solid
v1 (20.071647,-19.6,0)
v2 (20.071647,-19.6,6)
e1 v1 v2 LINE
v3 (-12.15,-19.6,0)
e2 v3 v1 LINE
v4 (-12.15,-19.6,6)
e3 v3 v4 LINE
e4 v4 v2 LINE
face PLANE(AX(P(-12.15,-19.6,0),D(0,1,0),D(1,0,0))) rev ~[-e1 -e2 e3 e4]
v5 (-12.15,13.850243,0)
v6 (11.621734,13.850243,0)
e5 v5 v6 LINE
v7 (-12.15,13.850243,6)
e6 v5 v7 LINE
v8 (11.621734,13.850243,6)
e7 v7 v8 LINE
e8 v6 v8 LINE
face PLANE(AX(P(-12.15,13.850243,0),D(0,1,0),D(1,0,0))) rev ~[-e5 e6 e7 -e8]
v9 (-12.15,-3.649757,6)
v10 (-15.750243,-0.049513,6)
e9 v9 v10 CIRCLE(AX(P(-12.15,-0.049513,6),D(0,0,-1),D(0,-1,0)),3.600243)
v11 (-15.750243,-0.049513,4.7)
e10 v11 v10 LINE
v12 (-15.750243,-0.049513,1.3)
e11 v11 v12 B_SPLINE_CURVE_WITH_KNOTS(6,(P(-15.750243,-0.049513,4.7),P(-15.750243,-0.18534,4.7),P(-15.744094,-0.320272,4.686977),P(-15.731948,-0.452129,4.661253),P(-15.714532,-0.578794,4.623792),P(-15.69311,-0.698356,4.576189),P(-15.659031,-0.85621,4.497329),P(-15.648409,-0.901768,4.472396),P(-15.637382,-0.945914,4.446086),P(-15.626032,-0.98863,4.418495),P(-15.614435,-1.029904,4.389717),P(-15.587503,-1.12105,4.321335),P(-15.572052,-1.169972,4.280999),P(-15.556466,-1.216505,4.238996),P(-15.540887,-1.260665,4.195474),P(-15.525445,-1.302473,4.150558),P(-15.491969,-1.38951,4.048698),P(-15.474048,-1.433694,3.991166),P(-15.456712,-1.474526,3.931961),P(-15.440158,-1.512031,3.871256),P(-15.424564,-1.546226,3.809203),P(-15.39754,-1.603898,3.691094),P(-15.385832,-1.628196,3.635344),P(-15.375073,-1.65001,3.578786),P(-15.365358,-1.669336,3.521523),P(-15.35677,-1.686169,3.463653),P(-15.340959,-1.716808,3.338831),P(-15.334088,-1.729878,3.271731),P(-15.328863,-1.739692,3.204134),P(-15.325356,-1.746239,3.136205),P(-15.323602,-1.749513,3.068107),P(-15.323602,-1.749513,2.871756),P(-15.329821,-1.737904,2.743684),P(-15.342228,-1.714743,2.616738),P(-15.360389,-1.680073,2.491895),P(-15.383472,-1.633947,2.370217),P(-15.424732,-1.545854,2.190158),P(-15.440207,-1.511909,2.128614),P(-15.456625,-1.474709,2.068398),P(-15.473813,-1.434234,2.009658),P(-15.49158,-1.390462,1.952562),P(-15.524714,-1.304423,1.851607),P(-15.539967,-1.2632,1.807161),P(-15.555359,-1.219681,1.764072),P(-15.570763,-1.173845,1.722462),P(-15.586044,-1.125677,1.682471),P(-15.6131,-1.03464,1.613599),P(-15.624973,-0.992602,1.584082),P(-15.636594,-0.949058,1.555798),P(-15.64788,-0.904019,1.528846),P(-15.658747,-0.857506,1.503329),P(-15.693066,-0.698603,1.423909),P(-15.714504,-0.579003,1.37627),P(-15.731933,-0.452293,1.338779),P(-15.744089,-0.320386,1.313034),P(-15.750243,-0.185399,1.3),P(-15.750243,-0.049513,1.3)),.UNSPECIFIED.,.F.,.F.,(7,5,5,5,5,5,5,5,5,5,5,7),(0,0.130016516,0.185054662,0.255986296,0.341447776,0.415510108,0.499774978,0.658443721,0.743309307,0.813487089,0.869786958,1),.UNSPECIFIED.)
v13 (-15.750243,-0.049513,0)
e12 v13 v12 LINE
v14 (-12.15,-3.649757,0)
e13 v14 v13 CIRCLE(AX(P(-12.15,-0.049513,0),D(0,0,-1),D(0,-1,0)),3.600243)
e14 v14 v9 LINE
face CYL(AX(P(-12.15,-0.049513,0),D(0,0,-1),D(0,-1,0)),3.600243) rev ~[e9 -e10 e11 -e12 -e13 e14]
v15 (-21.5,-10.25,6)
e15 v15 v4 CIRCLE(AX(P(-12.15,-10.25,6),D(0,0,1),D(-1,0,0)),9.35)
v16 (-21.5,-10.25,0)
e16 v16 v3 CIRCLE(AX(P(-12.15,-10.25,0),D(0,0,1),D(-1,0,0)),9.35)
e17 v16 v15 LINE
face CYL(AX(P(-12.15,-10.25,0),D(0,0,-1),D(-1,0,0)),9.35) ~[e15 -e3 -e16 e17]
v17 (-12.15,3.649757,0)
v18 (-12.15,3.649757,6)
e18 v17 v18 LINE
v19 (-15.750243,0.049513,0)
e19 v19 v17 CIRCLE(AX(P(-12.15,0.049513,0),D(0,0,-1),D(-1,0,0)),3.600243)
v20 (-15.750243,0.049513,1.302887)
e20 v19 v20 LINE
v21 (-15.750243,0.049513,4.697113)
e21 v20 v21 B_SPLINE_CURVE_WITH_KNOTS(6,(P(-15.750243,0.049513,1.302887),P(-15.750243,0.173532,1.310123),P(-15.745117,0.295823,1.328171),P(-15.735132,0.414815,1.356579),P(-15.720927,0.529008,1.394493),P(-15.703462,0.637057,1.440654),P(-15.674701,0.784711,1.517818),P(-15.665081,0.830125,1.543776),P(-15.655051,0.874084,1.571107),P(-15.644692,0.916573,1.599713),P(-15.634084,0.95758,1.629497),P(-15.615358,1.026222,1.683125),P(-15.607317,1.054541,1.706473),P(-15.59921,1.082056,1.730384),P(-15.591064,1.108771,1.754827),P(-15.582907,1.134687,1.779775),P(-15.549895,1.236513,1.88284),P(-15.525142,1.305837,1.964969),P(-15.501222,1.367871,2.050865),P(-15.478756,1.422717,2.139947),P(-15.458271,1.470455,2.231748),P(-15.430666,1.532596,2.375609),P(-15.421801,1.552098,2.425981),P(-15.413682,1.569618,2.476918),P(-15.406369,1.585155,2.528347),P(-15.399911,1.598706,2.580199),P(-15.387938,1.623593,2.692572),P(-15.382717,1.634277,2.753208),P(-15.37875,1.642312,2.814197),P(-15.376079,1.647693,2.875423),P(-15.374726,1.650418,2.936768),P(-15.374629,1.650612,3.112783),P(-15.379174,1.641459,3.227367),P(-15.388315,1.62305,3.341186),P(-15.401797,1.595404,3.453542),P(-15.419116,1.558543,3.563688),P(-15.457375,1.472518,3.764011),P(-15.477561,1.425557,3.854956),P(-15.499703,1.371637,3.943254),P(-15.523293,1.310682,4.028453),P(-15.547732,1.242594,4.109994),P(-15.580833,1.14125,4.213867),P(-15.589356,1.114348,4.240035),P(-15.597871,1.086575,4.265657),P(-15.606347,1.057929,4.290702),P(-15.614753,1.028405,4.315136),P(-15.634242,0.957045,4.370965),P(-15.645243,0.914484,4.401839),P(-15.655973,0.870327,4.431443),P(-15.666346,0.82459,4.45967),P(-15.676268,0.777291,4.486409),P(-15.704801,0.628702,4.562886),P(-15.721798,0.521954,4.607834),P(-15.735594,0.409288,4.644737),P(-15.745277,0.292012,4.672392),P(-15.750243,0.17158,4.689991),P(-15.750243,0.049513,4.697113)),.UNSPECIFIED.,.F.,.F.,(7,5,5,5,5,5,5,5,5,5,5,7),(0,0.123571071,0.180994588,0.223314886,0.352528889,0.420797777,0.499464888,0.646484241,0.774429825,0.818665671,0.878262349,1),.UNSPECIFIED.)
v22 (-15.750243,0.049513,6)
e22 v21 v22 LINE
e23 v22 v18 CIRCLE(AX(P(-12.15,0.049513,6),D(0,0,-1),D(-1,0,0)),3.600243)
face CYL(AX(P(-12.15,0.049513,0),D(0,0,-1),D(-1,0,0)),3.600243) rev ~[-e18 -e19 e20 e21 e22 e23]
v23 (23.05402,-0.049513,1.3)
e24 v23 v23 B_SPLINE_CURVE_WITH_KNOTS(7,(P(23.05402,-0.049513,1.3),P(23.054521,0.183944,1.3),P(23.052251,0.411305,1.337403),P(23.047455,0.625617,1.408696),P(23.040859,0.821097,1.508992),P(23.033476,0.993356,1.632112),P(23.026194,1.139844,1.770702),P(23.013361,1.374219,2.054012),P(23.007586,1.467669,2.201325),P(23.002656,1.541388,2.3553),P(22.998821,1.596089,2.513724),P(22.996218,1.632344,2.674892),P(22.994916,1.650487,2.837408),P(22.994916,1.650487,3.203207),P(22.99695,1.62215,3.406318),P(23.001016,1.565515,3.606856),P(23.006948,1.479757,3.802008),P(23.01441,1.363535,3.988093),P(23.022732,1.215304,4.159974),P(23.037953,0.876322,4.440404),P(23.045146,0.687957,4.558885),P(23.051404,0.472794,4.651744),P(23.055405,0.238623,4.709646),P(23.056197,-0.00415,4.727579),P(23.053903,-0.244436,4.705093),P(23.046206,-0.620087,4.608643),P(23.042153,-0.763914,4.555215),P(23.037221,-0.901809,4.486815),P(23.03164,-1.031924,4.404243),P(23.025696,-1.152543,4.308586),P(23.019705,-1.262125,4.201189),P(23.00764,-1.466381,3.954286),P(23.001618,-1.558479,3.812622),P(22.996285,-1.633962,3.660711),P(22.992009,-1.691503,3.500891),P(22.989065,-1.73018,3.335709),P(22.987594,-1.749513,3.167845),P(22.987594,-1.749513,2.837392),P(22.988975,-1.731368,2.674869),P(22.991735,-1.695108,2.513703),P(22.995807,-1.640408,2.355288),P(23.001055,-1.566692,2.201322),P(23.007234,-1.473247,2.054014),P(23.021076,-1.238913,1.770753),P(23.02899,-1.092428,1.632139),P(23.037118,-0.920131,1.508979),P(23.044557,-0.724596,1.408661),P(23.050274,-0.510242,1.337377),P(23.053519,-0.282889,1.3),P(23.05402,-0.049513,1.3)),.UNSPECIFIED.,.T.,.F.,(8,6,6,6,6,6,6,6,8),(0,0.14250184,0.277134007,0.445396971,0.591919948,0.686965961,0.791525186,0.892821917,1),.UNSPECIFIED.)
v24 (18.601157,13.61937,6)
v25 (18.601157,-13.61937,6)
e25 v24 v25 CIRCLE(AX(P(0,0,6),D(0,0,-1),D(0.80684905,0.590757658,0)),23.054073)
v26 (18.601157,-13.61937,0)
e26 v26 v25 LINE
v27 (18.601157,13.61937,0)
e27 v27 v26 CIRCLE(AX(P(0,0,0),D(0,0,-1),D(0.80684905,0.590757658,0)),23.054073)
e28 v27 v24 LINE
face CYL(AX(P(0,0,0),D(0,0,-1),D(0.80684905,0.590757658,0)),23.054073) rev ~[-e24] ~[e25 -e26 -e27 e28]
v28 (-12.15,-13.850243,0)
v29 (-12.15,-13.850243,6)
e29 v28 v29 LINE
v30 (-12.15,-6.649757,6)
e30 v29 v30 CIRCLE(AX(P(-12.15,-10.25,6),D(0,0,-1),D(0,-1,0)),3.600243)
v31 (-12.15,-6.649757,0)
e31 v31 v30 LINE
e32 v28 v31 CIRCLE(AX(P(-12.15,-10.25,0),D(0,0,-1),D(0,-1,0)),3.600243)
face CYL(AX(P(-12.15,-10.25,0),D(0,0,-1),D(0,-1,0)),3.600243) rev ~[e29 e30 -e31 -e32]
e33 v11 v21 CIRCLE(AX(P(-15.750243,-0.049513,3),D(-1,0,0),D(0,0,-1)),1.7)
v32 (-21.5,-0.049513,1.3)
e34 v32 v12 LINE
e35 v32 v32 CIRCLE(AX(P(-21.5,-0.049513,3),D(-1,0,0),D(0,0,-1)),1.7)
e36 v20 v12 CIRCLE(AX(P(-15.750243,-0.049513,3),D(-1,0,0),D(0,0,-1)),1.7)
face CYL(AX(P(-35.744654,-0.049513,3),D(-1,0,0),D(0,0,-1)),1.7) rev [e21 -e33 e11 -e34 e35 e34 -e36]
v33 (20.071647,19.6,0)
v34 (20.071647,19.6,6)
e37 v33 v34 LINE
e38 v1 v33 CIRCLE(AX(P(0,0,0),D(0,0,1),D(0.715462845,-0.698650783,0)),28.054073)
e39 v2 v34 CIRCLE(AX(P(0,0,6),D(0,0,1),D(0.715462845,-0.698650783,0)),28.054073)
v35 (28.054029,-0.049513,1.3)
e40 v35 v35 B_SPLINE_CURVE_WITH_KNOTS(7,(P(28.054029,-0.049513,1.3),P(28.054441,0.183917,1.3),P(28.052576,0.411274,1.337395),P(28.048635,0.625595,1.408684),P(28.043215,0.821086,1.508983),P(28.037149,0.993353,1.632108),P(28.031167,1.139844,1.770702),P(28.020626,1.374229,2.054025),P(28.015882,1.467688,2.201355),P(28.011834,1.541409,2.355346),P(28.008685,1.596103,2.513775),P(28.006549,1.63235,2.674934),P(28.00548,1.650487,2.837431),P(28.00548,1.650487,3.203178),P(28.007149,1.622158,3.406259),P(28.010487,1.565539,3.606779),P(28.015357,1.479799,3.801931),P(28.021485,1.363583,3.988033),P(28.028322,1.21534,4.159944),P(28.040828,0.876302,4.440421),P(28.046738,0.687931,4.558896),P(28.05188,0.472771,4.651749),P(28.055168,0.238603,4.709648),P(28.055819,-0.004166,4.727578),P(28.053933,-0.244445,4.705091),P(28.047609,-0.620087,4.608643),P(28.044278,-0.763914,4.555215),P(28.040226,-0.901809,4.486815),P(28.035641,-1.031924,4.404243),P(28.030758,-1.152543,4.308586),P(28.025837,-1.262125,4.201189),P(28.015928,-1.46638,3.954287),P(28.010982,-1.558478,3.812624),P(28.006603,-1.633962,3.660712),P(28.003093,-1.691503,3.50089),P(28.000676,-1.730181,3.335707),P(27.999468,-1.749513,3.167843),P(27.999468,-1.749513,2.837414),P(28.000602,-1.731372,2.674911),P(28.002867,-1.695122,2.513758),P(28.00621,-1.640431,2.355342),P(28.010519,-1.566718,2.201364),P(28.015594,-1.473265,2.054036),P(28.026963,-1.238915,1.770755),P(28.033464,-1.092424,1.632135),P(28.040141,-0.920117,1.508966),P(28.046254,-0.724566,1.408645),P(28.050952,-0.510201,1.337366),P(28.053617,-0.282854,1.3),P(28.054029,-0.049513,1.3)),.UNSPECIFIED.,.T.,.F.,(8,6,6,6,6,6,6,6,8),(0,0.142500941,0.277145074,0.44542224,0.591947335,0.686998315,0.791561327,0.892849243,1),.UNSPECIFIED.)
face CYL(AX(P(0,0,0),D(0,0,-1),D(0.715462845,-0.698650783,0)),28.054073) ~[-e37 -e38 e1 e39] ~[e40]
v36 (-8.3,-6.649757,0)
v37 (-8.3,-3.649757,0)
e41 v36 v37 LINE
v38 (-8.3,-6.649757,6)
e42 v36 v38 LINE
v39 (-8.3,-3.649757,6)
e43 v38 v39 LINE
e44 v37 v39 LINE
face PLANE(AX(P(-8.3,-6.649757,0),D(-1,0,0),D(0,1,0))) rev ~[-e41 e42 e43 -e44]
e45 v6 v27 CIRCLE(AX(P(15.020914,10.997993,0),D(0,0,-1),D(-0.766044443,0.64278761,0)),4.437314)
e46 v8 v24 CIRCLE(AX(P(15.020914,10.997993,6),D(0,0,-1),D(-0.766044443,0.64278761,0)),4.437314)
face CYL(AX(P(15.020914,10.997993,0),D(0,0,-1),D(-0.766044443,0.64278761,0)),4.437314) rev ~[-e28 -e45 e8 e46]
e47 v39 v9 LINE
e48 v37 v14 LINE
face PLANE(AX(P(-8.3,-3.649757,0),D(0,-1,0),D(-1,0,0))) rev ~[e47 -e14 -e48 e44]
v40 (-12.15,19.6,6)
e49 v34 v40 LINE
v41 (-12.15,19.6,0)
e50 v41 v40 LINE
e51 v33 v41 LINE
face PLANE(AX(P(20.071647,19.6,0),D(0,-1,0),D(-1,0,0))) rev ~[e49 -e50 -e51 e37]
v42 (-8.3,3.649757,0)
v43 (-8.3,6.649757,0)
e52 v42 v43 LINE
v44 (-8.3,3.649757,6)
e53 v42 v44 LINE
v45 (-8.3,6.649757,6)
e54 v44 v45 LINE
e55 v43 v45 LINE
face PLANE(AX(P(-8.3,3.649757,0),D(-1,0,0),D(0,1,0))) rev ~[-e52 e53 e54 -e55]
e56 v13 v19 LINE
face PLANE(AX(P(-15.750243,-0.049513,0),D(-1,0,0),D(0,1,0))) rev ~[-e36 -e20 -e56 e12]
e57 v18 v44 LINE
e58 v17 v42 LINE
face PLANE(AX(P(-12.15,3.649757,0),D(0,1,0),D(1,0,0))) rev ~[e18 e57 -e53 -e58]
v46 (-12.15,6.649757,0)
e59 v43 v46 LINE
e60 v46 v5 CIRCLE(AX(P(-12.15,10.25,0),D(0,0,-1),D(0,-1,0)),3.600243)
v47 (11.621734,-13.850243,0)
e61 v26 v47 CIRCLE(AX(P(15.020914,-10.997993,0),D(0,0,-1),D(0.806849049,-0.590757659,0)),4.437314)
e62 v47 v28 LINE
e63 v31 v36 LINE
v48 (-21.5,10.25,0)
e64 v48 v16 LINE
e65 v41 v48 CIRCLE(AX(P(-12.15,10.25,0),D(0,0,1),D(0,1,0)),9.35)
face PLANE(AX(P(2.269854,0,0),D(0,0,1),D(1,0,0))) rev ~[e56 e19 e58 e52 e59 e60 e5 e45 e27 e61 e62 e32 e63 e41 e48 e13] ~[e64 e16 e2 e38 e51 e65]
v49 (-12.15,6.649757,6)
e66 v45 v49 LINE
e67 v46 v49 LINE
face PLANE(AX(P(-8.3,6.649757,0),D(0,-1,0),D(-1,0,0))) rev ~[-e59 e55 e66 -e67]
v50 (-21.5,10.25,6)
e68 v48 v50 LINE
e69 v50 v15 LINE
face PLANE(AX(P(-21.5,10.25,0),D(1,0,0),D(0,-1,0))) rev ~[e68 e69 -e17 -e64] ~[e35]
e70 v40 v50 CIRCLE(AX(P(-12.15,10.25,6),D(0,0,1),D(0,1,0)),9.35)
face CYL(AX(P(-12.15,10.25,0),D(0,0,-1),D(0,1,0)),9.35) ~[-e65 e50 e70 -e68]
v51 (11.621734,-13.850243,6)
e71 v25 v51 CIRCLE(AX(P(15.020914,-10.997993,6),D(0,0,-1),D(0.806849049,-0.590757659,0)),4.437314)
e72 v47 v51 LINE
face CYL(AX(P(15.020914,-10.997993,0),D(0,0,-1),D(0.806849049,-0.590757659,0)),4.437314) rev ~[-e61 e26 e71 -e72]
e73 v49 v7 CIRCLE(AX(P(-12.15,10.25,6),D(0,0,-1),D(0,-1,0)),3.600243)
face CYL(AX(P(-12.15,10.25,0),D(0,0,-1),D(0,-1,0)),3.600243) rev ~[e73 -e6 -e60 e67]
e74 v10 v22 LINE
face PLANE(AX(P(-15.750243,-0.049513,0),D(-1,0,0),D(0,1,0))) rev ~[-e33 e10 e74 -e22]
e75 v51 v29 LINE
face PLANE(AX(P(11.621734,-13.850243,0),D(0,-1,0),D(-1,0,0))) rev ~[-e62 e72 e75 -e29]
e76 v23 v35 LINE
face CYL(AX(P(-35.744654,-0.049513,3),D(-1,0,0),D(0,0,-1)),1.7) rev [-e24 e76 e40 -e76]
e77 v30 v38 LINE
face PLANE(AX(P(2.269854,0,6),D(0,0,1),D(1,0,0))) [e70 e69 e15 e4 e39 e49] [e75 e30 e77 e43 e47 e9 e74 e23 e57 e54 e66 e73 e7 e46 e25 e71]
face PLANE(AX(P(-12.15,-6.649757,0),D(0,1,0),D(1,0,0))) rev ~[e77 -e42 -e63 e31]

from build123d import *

# Parameters (mm, degrees)
EXTRUDE_1_DEPTH          = 6
CUT_EXTRUDE_1_DEPTH      = 35.74465435
CUT_EXTRUDE_1_DEPTH_BACK = 35.74465435
SKETCH_2_R               = 1.7


with BuildPart() as part:
    # 草图1 → 凸台-拉伸1 (new body)
    with BuildSketch(Plane.XY):
        with BuildLine():
            Line((20.071646816, 19.6), (-12.15, 19.6))
            ThreePointArc((-12.15, 19.6), (-18.761448404, 16.861448404), (-21.5, 10.25))
            Line((-21.5, 10.25), (-21.5, -10.25))
            ThreePointArc((-21.5, -10.25), (-18.761448404, -16.861448404), (-12.15, -19.6))
            Line((-12.15, -19.6), (20.071646816, -19.6))
            ThreePointArc((20.071646816, -19.6), (28.054072893, 0), (20.071646816, 19.6))
        make_face()
        with BuildLine():
            ThreePointArc((11.6217341, 13.850243366), (15.167616283, 15.432881266), (18.601156804, 13.619370123))
            ThreePointArc((18.601156804, 13.619370123), (23.054072893, 0), (18.601156804, -13.619370123))
            ThreePointArc((18.601156804, -13.619370123), (15.167616283, -15.432881266), (11.6217341, -13.850243366))
            Line((11.6217341, -13.850243366), (-12.15, -13.850243366))
            ThreePointArc((-12.15, -13.850243366), (-15.750243366, -10.25), (-12.15, -6.649756634))
            Line((-12.15, -6.649756634), (-8.3, -6.649756634))
            Line((-8.3, -6.649756634), (-8.3, -3.649756634))
            Line((-8.3, -3.649756634), (-12.15, -3.649756634))
            ThreePointArc((-12.15, -3.649756634), (-14.695756498, -2.595269766), (-15.750243366, -0.049513268))
            Line((-15.750243366, -0.049513268), (-15.750243366, 0.049513268))
            ThreePointArc((-15.750243366, 0.049513268), (-14.695756498, 2.595269766), (-12.15, 3.649756634))
            Line((-12.15, 3.649756634), (-8.3, 3.649756634))
            Line((-8.3, 3.649756634), (-8.3, 6.649756634))
            Line((-8.3, 6.649756634), (-12.15, 6.649756634))
            ThreePointArc((-12.15, 6.649756634), (-15.750243366, 10.25), (-12.15, 13.850243366))
            Line((-12.15, 13.850243366), (11.6217341, 13.850243366))
        make_face(mode=Mode.SUBTRACT)
    extrude(amount=EXTRUDE_1_DEPTH)

    # 草图2 → 切除-拉伸1 (cut, two sides: drawn at the far end of the back side and taken through both)
    with BuildSketch(Plane(origin=(0, 0, 0), x_dir=(0, 0, -1), z_dir=(1, 0, 0)).offset(-CUT_EXTRUDE_1_DEPTH_BACK)):
        with Locations((-3, -0.049513268)):
            Circle(SKETCH_2_R)
    extrude(amount=CUT_EXTRUDE_1_DEPTH + CUT_EXTRUDE_1_DEPTH_BACK, mode=Mode.SUBTRACT)


solid = part.part
